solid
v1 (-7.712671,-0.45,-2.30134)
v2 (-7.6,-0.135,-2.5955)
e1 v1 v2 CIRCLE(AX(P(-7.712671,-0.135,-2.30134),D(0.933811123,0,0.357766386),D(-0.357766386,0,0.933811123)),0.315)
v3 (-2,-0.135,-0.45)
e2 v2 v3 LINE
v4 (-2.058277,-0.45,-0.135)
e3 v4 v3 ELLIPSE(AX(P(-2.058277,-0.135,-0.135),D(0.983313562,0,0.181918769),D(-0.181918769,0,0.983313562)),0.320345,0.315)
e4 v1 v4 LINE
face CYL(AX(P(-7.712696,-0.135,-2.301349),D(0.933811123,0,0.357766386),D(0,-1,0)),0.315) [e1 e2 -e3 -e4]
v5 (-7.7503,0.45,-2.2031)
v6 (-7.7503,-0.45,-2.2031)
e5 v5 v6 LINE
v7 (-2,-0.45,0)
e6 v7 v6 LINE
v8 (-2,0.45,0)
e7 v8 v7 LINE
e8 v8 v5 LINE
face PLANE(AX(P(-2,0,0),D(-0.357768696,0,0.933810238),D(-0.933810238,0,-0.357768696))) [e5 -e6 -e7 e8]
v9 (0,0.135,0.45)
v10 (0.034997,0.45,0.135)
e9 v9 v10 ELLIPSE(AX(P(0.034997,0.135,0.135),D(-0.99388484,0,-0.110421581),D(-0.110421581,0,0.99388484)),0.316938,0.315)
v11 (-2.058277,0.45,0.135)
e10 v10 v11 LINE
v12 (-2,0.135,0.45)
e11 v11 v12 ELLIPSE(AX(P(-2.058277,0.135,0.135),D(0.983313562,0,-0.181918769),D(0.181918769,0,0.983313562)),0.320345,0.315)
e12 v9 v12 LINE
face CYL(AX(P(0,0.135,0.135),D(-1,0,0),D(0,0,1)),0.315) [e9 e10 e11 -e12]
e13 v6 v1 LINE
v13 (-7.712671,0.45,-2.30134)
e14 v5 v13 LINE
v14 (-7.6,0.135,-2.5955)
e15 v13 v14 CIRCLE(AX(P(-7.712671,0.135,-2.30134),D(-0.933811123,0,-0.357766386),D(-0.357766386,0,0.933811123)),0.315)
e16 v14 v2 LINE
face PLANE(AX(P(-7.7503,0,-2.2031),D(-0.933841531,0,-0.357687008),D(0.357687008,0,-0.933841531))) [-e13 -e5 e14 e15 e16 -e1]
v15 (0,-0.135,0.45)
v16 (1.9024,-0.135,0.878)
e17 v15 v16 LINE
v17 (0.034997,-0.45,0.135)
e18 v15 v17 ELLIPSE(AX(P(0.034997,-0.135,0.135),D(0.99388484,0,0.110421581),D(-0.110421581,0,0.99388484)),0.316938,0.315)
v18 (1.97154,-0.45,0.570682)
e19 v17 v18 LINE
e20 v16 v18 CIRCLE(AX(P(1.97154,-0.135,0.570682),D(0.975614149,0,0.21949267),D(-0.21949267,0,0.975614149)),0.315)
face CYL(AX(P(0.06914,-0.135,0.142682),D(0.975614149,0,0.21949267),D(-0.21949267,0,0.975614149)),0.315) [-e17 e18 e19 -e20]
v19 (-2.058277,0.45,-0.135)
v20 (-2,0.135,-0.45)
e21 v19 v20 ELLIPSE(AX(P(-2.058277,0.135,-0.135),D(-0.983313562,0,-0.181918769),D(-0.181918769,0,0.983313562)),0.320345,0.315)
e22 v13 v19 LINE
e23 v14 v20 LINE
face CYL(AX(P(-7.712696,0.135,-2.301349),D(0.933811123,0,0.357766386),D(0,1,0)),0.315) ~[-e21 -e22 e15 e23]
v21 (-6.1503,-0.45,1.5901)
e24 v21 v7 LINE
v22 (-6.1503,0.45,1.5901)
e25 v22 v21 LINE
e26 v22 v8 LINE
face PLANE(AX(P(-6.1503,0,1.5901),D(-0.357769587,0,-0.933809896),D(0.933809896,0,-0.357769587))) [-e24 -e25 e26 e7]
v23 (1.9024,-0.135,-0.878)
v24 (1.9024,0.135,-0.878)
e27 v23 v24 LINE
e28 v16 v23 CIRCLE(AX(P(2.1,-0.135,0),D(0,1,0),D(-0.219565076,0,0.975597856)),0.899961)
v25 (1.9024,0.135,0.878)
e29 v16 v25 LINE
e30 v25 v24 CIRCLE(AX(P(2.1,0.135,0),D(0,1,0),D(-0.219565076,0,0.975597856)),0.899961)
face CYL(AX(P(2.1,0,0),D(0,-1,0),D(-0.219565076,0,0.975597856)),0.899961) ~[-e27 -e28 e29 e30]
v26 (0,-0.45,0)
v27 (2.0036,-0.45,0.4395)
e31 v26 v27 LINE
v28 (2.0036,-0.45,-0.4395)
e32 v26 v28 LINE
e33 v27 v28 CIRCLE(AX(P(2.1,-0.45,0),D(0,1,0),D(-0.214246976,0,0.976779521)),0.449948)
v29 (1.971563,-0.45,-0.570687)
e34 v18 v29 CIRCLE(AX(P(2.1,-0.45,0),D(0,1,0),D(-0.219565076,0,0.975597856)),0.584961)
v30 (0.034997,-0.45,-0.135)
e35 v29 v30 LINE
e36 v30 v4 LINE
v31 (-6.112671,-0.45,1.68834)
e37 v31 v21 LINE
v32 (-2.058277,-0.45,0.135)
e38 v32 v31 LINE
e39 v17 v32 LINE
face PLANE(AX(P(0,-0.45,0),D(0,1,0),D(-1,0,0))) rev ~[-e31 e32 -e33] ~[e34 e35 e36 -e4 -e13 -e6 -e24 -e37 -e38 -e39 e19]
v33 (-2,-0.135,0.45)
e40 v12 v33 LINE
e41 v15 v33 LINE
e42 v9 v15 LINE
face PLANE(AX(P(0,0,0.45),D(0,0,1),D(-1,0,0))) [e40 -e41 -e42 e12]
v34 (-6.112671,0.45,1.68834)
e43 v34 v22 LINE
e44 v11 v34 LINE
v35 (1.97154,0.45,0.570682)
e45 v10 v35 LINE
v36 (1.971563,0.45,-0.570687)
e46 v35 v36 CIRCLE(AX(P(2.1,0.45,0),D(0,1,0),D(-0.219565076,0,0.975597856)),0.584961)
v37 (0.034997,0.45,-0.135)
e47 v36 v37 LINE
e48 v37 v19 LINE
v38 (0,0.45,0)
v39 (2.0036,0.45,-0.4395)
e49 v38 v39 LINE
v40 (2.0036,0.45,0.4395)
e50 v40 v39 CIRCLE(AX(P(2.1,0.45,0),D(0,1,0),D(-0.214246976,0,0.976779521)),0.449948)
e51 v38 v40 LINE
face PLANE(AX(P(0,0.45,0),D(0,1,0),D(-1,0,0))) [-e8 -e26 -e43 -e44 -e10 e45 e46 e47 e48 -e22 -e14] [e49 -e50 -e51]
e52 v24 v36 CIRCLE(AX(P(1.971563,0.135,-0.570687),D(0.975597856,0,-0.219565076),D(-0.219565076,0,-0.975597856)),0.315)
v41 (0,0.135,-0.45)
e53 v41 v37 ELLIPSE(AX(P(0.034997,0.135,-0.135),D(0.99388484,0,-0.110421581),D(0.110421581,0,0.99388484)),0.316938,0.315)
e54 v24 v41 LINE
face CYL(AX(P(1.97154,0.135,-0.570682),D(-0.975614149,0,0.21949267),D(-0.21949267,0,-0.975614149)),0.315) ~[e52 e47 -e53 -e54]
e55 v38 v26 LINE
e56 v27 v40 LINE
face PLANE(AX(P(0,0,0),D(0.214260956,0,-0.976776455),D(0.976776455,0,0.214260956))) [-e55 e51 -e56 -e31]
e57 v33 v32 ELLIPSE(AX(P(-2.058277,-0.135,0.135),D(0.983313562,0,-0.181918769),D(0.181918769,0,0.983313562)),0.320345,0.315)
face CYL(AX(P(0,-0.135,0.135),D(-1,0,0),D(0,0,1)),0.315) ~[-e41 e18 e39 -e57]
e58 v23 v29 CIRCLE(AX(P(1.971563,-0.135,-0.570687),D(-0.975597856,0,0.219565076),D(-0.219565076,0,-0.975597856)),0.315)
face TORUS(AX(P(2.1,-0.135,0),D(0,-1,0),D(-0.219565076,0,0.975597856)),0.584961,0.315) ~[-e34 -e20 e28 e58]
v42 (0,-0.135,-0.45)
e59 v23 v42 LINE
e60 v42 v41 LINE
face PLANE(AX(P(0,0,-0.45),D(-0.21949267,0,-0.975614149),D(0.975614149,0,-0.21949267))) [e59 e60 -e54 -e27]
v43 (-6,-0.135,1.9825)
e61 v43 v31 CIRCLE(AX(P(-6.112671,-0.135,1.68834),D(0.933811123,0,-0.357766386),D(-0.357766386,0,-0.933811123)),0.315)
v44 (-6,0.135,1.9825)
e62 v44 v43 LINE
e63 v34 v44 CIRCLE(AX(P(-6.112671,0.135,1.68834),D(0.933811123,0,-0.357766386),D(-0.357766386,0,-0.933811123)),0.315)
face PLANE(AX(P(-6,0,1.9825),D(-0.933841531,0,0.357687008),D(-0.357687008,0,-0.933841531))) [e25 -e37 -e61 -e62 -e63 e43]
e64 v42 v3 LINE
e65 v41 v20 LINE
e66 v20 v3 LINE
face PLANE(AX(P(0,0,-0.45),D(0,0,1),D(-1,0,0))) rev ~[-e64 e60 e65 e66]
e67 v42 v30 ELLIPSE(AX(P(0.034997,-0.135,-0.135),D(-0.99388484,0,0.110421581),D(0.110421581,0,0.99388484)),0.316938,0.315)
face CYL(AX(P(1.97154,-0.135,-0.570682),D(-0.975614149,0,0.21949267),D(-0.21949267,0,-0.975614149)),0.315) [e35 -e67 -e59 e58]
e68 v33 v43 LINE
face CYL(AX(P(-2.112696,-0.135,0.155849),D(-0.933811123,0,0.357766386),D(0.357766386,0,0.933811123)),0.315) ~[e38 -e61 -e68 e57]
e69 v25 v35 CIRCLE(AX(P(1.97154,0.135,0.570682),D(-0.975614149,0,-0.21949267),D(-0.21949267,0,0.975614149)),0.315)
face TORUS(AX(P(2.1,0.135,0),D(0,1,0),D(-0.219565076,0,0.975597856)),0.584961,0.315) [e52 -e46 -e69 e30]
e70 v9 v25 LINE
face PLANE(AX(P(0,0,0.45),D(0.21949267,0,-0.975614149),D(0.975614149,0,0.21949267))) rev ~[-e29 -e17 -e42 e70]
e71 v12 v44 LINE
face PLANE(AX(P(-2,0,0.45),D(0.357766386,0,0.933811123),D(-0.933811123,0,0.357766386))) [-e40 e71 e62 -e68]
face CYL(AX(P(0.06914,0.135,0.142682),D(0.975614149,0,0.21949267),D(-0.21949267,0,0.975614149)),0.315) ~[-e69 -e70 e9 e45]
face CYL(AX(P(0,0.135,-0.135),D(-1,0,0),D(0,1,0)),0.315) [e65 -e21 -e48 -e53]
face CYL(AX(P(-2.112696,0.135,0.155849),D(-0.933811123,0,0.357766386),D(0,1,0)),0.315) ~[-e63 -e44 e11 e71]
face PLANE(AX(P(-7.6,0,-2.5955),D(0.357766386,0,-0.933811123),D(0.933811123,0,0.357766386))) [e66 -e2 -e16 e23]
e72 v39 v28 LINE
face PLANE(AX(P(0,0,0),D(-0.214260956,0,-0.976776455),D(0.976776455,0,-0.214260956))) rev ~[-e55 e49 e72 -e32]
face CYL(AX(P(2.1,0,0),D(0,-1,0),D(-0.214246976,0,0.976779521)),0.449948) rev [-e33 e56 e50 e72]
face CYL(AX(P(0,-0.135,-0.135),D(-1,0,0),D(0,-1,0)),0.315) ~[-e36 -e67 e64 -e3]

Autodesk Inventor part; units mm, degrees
ref_plane "YZ Plane" through (0, 0, 0) normal (1, 0, 0) x (0, 1, 0)
sketch "Skizze1" plane through (0, 0, 0) normal (0, 1, 0) x (-1, 0, 0)
  arc A0 (-1.9024, 0.878) -> (-1.9024, -0.878) centre (-2.1, 0) ccw
  arc A1 (-2.0036, 0.4395) -> (-2.0036, -0.4395) centre (-2.1, 0) ccw
  line L0 (0, 0.45) -> (2, 0.45)
  line L1 (0, -0.45) -> (2, -0.45)
  line L2 (2, 0.45) -> (6, 1.9825)
  line L3 (6, 1.9825) -> (6.1503, 1.5901)
  line L4 (6.1503, 1.5901) -> (2, 0)
  line L5 (2, 0) -> (7.7503, -2.2031)
  line L6 (7.7503, -2.2031) -> (7.6, -2.5955)
  line L7 (7.6, -2.5955) -> (2, -0.45)
  line L8 (0, 0) -> (-2.0036, -0.4395)
  line L9 (0, 0) -> (-2.0036, 0.4395)
  line L10 (0, 0.45) -> (0, -0.45) construction
  line L11 (0, 0.45) -> (-1.9024, 0.878)
  line L12 (0, -0.45) -> (-1.9024, -0.878)
  line L13 (-3, 0) -> (2, 0) construction
  line L14 (2, 0.45) -> (2, -0.45) construction
  dimension "d0" = 2
  dimension "d1" = 6
  dimension "d2" = 159.037
  dimension "d3" = 159.037
  dimension "d4" = 1.6
  dimension "d5" = 0.45
  dimension "d6" = 0.9
  dimension "d7" = 0.45
  dimension "d8" = 0.45
  dimension "d9" = 2.1
extrude "Körper" add sketch "Skizze1" along normal mid plane 0.9
fillet "Rundung" radius 0.315 14 edges at (-4, -0.45, 1.2162) (-4, 0.45, 1.2162) (-1, -0.45, 0.45) (-1, 0.45, 0.45) (3, -0.45, 0) (0.9512, -0.45, -0.664) (0.9512, -0.45, 0.664) (3, 0.45, 0) (0.9512, 0.45, 0.664) (0.9512, 0.45, -0.664) (-1, -0.45, -0.45) (-4.8, -0.45, -1.5227) (-1, 0.45, -0.45) (-4.8, 0.45, -1.5227)
ref_plane "Work Plane1" through (0, -10, 0) normal (0, 0, -1) x (0, 1, 0)
ref_plane "Work Plane3" through (0, 0, 0.45) normal (-1, 0, 0) x (0, 1, 0)
equation "\"d0\" = MSIAB"
equation "\"d1\" = SNLG"
equation "\"d4\" = LGDIF"
equation "\"d5\" = -0.5 * SNND1 + 0.5 * KBR"
equation "\"d6\" = 0.5 * KBR"
equation "\"d7\" = 0.5 * SNND1"
equation "\"d8\" = 0.5 * SNND1"
equation "\"d9\" = KOL - 0.5 * KBR"
equation "\"d10\" = SNND1"
equation "\"d12\" = 0.35 * SNND1"
equation "\"SNND\" = 1"
equation "\"SNLG\" = 6"
equation "\"SNND1\" = 0.9"
equation "\"KBR\" = 1.8"
equation "\"KOL\" = 3"
equation "\"LGDIF\" = 1.6"
equation "\"MSIAB\" = 2"
equation "\"BDMI\" = 3"
equation "\"NNDMIN\" = 3.5"
equation "\"SPBOR\" = SNND"
equation "\"DSH\" = 2.2"
equation "\"NNDMAX\" = 4.5"
equation "\"PNDST\" = 4"
equation "\"BDMA\" = 4"
properties part number "DIN 94 - 1 x 6" material "Stahl, weich"
